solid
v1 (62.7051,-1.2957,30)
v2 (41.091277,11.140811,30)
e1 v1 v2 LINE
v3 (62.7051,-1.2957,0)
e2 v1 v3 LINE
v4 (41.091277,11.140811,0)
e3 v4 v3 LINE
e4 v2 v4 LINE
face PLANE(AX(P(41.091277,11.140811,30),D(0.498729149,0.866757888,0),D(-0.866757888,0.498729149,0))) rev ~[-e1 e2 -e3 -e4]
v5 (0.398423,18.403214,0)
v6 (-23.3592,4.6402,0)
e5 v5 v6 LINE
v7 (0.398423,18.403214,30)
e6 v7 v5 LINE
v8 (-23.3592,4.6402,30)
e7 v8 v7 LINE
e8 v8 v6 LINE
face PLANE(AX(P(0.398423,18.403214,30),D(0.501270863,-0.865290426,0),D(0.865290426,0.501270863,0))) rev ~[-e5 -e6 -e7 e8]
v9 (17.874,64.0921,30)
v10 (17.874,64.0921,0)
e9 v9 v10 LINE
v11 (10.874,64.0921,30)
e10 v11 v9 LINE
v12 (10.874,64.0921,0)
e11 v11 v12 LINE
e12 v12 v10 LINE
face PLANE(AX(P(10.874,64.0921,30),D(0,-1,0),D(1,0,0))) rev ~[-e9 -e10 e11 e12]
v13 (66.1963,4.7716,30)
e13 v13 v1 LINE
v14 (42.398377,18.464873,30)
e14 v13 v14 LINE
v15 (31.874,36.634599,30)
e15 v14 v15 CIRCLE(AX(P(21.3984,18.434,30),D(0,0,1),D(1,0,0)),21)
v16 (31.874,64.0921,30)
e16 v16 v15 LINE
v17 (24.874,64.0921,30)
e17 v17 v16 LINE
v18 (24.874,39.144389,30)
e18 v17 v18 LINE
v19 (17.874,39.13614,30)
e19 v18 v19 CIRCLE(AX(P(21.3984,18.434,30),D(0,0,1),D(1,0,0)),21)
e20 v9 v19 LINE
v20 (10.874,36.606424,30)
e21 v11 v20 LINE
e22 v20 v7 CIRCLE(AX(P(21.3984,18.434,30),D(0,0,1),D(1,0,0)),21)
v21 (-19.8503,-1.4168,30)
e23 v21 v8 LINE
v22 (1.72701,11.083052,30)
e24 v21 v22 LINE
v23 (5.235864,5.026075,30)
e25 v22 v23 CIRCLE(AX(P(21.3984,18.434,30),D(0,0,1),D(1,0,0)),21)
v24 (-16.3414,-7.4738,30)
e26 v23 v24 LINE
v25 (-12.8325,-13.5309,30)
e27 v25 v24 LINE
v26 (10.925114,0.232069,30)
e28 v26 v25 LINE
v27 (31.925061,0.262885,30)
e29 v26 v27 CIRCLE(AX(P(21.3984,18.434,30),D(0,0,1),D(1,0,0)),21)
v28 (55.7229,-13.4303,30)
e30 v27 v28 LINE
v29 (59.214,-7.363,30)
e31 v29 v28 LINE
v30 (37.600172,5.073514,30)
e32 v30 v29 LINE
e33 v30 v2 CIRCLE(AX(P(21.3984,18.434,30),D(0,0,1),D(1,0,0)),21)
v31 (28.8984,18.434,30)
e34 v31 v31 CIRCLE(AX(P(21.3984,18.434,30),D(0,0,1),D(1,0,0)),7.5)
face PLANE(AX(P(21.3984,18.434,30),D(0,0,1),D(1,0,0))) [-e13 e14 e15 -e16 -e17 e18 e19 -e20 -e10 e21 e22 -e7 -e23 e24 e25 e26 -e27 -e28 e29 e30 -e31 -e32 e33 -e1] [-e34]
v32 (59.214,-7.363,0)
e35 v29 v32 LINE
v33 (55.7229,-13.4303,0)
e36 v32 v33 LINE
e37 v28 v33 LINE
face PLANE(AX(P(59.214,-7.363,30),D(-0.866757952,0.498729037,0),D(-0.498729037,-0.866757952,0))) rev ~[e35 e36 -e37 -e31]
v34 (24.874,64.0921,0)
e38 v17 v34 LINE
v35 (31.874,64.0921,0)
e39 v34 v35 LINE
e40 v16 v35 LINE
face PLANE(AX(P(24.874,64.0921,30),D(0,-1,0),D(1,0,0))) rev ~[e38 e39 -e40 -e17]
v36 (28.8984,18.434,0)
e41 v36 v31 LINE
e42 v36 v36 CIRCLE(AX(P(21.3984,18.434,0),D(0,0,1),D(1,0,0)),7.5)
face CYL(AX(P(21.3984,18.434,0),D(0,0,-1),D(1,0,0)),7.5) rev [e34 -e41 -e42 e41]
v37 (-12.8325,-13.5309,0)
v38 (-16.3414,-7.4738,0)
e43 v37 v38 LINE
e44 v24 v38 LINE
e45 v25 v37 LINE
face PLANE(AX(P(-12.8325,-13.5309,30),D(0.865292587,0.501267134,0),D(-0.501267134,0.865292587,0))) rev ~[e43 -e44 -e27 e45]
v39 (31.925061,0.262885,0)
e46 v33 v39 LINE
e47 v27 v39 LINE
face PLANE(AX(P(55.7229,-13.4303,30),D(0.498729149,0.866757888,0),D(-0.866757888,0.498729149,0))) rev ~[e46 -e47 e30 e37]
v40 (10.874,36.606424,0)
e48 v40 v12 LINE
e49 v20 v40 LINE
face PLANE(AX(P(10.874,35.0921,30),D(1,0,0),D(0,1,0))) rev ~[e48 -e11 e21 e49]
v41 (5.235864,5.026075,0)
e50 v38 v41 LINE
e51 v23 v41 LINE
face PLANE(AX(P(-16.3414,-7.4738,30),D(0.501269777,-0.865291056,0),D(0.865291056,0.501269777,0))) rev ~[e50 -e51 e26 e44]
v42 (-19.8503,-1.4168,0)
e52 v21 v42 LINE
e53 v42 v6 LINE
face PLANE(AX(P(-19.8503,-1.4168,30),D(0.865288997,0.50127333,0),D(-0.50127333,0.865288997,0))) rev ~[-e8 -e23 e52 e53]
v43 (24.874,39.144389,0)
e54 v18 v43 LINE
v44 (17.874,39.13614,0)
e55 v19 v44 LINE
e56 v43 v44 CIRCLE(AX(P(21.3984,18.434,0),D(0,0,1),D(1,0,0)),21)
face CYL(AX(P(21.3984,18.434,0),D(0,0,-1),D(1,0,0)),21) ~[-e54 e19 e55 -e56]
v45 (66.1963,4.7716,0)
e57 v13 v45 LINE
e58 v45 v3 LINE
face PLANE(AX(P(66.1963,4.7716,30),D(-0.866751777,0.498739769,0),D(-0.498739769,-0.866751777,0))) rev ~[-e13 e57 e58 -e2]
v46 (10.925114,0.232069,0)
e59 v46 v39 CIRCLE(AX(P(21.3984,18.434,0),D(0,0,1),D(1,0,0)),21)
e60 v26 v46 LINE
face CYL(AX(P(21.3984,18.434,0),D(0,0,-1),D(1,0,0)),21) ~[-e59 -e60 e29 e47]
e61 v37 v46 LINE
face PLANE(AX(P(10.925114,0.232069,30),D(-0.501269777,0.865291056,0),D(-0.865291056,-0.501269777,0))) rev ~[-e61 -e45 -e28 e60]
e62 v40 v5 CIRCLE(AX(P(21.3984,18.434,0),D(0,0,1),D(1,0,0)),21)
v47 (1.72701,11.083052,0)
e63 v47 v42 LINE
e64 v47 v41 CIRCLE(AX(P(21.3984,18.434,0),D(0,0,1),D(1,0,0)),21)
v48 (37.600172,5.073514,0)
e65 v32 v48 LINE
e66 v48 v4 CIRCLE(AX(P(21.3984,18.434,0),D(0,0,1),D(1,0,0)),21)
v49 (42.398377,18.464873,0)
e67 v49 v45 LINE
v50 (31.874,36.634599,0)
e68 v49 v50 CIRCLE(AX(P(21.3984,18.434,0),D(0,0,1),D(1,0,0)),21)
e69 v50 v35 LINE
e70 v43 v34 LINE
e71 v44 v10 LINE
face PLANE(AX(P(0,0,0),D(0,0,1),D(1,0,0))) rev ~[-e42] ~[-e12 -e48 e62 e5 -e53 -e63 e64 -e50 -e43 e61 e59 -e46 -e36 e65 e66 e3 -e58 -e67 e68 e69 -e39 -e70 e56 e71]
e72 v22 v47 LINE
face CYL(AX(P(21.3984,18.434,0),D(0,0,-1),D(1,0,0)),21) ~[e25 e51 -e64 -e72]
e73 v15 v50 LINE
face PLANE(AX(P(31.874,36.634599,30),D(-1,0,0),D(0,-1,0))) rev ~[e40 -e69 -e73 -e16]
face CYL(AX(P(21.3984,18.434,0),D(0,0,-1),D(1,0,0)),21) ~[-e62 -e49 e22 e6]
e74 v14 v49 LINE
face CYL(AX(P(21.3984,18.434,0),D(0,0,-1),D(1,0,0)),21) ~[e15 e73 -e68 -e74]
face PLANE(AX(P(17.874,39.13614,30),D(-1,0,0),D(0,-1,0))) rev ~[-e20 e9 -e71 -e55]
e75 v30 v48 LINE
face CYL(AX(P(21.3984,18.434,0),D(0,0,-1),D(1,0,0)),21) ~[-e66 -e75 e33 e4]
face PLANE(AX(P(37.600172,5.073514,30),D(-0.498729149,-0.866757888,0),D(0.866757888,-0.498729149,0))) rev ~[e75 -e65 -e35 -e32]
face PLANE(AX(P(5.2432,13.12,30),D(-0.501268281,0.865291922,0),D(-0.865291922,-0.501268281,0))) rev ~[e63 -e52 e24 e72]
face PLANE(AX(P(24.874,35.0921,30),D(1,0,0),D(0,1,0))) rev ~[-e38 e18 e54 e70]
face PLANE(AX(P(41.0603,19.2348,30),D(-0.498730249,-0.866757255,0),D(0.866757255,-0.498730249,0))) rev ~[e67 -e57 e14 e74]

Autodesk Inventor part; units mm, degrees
ref_plane "YZ Plane" through (0, 0, 0) normal (1, 0, 0) x (0, 1, 0)
ref_plane "XZ Plane" through (0, 0, 0) normal (0, 1, 0) x (-1, 0, 0)
ref_plane "XY Plane" through (0, 0, 0) normal (0, 0, 1) x (1, 0, 0)
sketch "Sketch1" plane through (0, 0, 0) normal (0, 0, 1) x (1, 0, 0)
  circle A0 centre (21.3984, 18.434) radius 21
  circle A1 centre (21.3984, 18.434) radius 7.5
  point P0 (0, 0)
  dimension "d0" = 42
  dimension "d1" = 15
extrude "Extrusion1" add sketch "Sketch1" along normal blind 30
sketch "Sketch2" plane through (21.3984, 18.434, 30) normal (0, 0, 1) x (1, 0, 0)
  circle A0 centre (0, 0) radius 21 projected
  line L0 (-10.5244, 16.6581) -> (-10.5244, 45.6581)
  line L1 (-10.5244, 45.6581) -> (-3.5244, 45.6581)
  line L2 (-3.5244, 45.6581) -> (-3.5244, 16.6581)
  line L3 (-3.5244, 16.6581) -> (3.4756, 16.6581)
  line L4 (3.4756, 16.6581) -> (3.4756, 45.6581)
  line L5 (3.4756, 45.6581) -> (10.4756, 45.6581)
  line L6 (10.4756, 45.6581) -> (10.4756, 16.6581)
  line L7 (10.4756, 16.6581) -> (-10.5244, 16.6581)
  line L8 (-9.1375, -17.4281) -> (-34.2309, -31.9649)
  line L9 (-34.2309, -31.9649) -> (-37.7398, -25.9078)
  line L10 (-37.7398, -25.9078) -> (-12.6464, -11.371)
  line L11 (-12.6464, -11.371) -> (-16.1552, -5.314)
  line L12 (-16.1552, -5.314) -> (-41.2487, -19.8508)
  line L13 (-41.2487, -19.8508) -> (-44.7576, -13.7938)
  line L14 (-44.7576, -13.7938) -> (-19.6641, 0.7431)
  line L15 (-19.6641, 0.7431) -> (-9.1375, -17.4281)
  line L16 (19.6619, 0.8008) -> (44.7979, -13.6624)
  line L17 (44.7979, -13.6624) -> (41.3067, -19.7297)
  line L18 (41.3067, -19.7297) -> (16.1708, -5.2666)
  line L19 (16.1708, -5.2666) -> (12.6797, -11.3339)
  line L20 (12.6797, -11.3339) -> (37.8156, -25.797)
  line L21 (37.8156, -25.797) -> (34.3245, -31.8643)
  line L22 (34.3245, -31.8643) -> (9.1886, -17.4012)
  line L23 (9.1886, -17.4012) -> (19.6619, 0.8008)
  point P0 (-21.3984, -18.434)
  point P1 (14.4252, -8.3002)
  point P2 (16.1708, -5.2666)
  point P3 (12.6797, -11.3339)
  point P4 (-16.1552, -5.314)
  point P5 (-3.5244, 16.6581)
  point P6 (3.4756, 16.6581)
  dimension "d6" = 29
  dimension "d7" = 7
  dimension "d8" = 29
  dimension "d9" = 7
  dimension "d10" = 29
  dimension "d11" = 7
  dimension "d12" = 29
  dimension "d13" = 45.6581
  dimension "d14" = 3.5244
  dimension "d15" = 29
  dimension "d16" = 7
  dimension "d17" = 29
  dimension "d18" = 7
  dimension "d19" = 29
  dimension "d20" = 7
  dimension "d21" = 29
  dimension "d26" = 29
  dimension "d27" = 7
  dimension "d28" = 29
  dimension "d29" = 7
  dimension "d30" = 29
  dimension "d31" = 7
  dimension "d32" = 29
  dimension "d33" = 29.916
  dimension "d34" = 30.084
  dimension "d35" = 34.3223
  dimension "d36" = 59.3205
  dimension "d37" = 44.8708
  dimension "d38" = 30.163
extrude "Extrusion2" add sketch "Sketch2" against normal blind 30 contours A0 L18 L23 L16 | A0 L16 L17 L18 | L6 L7 L4 A0 | A0 L4 L5 L6 | L20 L21 L22 A0 | A0 L22 L23 L20 | L2 L7 L0 A0 | A0 L0 L1 L2 | L8 L9 L10 A0 | A0 L10 L15 L8 | L14 L15 L12 A0 | A0 L12 L13 L14
properties part number "Rotor" material "Iron, Gray"
